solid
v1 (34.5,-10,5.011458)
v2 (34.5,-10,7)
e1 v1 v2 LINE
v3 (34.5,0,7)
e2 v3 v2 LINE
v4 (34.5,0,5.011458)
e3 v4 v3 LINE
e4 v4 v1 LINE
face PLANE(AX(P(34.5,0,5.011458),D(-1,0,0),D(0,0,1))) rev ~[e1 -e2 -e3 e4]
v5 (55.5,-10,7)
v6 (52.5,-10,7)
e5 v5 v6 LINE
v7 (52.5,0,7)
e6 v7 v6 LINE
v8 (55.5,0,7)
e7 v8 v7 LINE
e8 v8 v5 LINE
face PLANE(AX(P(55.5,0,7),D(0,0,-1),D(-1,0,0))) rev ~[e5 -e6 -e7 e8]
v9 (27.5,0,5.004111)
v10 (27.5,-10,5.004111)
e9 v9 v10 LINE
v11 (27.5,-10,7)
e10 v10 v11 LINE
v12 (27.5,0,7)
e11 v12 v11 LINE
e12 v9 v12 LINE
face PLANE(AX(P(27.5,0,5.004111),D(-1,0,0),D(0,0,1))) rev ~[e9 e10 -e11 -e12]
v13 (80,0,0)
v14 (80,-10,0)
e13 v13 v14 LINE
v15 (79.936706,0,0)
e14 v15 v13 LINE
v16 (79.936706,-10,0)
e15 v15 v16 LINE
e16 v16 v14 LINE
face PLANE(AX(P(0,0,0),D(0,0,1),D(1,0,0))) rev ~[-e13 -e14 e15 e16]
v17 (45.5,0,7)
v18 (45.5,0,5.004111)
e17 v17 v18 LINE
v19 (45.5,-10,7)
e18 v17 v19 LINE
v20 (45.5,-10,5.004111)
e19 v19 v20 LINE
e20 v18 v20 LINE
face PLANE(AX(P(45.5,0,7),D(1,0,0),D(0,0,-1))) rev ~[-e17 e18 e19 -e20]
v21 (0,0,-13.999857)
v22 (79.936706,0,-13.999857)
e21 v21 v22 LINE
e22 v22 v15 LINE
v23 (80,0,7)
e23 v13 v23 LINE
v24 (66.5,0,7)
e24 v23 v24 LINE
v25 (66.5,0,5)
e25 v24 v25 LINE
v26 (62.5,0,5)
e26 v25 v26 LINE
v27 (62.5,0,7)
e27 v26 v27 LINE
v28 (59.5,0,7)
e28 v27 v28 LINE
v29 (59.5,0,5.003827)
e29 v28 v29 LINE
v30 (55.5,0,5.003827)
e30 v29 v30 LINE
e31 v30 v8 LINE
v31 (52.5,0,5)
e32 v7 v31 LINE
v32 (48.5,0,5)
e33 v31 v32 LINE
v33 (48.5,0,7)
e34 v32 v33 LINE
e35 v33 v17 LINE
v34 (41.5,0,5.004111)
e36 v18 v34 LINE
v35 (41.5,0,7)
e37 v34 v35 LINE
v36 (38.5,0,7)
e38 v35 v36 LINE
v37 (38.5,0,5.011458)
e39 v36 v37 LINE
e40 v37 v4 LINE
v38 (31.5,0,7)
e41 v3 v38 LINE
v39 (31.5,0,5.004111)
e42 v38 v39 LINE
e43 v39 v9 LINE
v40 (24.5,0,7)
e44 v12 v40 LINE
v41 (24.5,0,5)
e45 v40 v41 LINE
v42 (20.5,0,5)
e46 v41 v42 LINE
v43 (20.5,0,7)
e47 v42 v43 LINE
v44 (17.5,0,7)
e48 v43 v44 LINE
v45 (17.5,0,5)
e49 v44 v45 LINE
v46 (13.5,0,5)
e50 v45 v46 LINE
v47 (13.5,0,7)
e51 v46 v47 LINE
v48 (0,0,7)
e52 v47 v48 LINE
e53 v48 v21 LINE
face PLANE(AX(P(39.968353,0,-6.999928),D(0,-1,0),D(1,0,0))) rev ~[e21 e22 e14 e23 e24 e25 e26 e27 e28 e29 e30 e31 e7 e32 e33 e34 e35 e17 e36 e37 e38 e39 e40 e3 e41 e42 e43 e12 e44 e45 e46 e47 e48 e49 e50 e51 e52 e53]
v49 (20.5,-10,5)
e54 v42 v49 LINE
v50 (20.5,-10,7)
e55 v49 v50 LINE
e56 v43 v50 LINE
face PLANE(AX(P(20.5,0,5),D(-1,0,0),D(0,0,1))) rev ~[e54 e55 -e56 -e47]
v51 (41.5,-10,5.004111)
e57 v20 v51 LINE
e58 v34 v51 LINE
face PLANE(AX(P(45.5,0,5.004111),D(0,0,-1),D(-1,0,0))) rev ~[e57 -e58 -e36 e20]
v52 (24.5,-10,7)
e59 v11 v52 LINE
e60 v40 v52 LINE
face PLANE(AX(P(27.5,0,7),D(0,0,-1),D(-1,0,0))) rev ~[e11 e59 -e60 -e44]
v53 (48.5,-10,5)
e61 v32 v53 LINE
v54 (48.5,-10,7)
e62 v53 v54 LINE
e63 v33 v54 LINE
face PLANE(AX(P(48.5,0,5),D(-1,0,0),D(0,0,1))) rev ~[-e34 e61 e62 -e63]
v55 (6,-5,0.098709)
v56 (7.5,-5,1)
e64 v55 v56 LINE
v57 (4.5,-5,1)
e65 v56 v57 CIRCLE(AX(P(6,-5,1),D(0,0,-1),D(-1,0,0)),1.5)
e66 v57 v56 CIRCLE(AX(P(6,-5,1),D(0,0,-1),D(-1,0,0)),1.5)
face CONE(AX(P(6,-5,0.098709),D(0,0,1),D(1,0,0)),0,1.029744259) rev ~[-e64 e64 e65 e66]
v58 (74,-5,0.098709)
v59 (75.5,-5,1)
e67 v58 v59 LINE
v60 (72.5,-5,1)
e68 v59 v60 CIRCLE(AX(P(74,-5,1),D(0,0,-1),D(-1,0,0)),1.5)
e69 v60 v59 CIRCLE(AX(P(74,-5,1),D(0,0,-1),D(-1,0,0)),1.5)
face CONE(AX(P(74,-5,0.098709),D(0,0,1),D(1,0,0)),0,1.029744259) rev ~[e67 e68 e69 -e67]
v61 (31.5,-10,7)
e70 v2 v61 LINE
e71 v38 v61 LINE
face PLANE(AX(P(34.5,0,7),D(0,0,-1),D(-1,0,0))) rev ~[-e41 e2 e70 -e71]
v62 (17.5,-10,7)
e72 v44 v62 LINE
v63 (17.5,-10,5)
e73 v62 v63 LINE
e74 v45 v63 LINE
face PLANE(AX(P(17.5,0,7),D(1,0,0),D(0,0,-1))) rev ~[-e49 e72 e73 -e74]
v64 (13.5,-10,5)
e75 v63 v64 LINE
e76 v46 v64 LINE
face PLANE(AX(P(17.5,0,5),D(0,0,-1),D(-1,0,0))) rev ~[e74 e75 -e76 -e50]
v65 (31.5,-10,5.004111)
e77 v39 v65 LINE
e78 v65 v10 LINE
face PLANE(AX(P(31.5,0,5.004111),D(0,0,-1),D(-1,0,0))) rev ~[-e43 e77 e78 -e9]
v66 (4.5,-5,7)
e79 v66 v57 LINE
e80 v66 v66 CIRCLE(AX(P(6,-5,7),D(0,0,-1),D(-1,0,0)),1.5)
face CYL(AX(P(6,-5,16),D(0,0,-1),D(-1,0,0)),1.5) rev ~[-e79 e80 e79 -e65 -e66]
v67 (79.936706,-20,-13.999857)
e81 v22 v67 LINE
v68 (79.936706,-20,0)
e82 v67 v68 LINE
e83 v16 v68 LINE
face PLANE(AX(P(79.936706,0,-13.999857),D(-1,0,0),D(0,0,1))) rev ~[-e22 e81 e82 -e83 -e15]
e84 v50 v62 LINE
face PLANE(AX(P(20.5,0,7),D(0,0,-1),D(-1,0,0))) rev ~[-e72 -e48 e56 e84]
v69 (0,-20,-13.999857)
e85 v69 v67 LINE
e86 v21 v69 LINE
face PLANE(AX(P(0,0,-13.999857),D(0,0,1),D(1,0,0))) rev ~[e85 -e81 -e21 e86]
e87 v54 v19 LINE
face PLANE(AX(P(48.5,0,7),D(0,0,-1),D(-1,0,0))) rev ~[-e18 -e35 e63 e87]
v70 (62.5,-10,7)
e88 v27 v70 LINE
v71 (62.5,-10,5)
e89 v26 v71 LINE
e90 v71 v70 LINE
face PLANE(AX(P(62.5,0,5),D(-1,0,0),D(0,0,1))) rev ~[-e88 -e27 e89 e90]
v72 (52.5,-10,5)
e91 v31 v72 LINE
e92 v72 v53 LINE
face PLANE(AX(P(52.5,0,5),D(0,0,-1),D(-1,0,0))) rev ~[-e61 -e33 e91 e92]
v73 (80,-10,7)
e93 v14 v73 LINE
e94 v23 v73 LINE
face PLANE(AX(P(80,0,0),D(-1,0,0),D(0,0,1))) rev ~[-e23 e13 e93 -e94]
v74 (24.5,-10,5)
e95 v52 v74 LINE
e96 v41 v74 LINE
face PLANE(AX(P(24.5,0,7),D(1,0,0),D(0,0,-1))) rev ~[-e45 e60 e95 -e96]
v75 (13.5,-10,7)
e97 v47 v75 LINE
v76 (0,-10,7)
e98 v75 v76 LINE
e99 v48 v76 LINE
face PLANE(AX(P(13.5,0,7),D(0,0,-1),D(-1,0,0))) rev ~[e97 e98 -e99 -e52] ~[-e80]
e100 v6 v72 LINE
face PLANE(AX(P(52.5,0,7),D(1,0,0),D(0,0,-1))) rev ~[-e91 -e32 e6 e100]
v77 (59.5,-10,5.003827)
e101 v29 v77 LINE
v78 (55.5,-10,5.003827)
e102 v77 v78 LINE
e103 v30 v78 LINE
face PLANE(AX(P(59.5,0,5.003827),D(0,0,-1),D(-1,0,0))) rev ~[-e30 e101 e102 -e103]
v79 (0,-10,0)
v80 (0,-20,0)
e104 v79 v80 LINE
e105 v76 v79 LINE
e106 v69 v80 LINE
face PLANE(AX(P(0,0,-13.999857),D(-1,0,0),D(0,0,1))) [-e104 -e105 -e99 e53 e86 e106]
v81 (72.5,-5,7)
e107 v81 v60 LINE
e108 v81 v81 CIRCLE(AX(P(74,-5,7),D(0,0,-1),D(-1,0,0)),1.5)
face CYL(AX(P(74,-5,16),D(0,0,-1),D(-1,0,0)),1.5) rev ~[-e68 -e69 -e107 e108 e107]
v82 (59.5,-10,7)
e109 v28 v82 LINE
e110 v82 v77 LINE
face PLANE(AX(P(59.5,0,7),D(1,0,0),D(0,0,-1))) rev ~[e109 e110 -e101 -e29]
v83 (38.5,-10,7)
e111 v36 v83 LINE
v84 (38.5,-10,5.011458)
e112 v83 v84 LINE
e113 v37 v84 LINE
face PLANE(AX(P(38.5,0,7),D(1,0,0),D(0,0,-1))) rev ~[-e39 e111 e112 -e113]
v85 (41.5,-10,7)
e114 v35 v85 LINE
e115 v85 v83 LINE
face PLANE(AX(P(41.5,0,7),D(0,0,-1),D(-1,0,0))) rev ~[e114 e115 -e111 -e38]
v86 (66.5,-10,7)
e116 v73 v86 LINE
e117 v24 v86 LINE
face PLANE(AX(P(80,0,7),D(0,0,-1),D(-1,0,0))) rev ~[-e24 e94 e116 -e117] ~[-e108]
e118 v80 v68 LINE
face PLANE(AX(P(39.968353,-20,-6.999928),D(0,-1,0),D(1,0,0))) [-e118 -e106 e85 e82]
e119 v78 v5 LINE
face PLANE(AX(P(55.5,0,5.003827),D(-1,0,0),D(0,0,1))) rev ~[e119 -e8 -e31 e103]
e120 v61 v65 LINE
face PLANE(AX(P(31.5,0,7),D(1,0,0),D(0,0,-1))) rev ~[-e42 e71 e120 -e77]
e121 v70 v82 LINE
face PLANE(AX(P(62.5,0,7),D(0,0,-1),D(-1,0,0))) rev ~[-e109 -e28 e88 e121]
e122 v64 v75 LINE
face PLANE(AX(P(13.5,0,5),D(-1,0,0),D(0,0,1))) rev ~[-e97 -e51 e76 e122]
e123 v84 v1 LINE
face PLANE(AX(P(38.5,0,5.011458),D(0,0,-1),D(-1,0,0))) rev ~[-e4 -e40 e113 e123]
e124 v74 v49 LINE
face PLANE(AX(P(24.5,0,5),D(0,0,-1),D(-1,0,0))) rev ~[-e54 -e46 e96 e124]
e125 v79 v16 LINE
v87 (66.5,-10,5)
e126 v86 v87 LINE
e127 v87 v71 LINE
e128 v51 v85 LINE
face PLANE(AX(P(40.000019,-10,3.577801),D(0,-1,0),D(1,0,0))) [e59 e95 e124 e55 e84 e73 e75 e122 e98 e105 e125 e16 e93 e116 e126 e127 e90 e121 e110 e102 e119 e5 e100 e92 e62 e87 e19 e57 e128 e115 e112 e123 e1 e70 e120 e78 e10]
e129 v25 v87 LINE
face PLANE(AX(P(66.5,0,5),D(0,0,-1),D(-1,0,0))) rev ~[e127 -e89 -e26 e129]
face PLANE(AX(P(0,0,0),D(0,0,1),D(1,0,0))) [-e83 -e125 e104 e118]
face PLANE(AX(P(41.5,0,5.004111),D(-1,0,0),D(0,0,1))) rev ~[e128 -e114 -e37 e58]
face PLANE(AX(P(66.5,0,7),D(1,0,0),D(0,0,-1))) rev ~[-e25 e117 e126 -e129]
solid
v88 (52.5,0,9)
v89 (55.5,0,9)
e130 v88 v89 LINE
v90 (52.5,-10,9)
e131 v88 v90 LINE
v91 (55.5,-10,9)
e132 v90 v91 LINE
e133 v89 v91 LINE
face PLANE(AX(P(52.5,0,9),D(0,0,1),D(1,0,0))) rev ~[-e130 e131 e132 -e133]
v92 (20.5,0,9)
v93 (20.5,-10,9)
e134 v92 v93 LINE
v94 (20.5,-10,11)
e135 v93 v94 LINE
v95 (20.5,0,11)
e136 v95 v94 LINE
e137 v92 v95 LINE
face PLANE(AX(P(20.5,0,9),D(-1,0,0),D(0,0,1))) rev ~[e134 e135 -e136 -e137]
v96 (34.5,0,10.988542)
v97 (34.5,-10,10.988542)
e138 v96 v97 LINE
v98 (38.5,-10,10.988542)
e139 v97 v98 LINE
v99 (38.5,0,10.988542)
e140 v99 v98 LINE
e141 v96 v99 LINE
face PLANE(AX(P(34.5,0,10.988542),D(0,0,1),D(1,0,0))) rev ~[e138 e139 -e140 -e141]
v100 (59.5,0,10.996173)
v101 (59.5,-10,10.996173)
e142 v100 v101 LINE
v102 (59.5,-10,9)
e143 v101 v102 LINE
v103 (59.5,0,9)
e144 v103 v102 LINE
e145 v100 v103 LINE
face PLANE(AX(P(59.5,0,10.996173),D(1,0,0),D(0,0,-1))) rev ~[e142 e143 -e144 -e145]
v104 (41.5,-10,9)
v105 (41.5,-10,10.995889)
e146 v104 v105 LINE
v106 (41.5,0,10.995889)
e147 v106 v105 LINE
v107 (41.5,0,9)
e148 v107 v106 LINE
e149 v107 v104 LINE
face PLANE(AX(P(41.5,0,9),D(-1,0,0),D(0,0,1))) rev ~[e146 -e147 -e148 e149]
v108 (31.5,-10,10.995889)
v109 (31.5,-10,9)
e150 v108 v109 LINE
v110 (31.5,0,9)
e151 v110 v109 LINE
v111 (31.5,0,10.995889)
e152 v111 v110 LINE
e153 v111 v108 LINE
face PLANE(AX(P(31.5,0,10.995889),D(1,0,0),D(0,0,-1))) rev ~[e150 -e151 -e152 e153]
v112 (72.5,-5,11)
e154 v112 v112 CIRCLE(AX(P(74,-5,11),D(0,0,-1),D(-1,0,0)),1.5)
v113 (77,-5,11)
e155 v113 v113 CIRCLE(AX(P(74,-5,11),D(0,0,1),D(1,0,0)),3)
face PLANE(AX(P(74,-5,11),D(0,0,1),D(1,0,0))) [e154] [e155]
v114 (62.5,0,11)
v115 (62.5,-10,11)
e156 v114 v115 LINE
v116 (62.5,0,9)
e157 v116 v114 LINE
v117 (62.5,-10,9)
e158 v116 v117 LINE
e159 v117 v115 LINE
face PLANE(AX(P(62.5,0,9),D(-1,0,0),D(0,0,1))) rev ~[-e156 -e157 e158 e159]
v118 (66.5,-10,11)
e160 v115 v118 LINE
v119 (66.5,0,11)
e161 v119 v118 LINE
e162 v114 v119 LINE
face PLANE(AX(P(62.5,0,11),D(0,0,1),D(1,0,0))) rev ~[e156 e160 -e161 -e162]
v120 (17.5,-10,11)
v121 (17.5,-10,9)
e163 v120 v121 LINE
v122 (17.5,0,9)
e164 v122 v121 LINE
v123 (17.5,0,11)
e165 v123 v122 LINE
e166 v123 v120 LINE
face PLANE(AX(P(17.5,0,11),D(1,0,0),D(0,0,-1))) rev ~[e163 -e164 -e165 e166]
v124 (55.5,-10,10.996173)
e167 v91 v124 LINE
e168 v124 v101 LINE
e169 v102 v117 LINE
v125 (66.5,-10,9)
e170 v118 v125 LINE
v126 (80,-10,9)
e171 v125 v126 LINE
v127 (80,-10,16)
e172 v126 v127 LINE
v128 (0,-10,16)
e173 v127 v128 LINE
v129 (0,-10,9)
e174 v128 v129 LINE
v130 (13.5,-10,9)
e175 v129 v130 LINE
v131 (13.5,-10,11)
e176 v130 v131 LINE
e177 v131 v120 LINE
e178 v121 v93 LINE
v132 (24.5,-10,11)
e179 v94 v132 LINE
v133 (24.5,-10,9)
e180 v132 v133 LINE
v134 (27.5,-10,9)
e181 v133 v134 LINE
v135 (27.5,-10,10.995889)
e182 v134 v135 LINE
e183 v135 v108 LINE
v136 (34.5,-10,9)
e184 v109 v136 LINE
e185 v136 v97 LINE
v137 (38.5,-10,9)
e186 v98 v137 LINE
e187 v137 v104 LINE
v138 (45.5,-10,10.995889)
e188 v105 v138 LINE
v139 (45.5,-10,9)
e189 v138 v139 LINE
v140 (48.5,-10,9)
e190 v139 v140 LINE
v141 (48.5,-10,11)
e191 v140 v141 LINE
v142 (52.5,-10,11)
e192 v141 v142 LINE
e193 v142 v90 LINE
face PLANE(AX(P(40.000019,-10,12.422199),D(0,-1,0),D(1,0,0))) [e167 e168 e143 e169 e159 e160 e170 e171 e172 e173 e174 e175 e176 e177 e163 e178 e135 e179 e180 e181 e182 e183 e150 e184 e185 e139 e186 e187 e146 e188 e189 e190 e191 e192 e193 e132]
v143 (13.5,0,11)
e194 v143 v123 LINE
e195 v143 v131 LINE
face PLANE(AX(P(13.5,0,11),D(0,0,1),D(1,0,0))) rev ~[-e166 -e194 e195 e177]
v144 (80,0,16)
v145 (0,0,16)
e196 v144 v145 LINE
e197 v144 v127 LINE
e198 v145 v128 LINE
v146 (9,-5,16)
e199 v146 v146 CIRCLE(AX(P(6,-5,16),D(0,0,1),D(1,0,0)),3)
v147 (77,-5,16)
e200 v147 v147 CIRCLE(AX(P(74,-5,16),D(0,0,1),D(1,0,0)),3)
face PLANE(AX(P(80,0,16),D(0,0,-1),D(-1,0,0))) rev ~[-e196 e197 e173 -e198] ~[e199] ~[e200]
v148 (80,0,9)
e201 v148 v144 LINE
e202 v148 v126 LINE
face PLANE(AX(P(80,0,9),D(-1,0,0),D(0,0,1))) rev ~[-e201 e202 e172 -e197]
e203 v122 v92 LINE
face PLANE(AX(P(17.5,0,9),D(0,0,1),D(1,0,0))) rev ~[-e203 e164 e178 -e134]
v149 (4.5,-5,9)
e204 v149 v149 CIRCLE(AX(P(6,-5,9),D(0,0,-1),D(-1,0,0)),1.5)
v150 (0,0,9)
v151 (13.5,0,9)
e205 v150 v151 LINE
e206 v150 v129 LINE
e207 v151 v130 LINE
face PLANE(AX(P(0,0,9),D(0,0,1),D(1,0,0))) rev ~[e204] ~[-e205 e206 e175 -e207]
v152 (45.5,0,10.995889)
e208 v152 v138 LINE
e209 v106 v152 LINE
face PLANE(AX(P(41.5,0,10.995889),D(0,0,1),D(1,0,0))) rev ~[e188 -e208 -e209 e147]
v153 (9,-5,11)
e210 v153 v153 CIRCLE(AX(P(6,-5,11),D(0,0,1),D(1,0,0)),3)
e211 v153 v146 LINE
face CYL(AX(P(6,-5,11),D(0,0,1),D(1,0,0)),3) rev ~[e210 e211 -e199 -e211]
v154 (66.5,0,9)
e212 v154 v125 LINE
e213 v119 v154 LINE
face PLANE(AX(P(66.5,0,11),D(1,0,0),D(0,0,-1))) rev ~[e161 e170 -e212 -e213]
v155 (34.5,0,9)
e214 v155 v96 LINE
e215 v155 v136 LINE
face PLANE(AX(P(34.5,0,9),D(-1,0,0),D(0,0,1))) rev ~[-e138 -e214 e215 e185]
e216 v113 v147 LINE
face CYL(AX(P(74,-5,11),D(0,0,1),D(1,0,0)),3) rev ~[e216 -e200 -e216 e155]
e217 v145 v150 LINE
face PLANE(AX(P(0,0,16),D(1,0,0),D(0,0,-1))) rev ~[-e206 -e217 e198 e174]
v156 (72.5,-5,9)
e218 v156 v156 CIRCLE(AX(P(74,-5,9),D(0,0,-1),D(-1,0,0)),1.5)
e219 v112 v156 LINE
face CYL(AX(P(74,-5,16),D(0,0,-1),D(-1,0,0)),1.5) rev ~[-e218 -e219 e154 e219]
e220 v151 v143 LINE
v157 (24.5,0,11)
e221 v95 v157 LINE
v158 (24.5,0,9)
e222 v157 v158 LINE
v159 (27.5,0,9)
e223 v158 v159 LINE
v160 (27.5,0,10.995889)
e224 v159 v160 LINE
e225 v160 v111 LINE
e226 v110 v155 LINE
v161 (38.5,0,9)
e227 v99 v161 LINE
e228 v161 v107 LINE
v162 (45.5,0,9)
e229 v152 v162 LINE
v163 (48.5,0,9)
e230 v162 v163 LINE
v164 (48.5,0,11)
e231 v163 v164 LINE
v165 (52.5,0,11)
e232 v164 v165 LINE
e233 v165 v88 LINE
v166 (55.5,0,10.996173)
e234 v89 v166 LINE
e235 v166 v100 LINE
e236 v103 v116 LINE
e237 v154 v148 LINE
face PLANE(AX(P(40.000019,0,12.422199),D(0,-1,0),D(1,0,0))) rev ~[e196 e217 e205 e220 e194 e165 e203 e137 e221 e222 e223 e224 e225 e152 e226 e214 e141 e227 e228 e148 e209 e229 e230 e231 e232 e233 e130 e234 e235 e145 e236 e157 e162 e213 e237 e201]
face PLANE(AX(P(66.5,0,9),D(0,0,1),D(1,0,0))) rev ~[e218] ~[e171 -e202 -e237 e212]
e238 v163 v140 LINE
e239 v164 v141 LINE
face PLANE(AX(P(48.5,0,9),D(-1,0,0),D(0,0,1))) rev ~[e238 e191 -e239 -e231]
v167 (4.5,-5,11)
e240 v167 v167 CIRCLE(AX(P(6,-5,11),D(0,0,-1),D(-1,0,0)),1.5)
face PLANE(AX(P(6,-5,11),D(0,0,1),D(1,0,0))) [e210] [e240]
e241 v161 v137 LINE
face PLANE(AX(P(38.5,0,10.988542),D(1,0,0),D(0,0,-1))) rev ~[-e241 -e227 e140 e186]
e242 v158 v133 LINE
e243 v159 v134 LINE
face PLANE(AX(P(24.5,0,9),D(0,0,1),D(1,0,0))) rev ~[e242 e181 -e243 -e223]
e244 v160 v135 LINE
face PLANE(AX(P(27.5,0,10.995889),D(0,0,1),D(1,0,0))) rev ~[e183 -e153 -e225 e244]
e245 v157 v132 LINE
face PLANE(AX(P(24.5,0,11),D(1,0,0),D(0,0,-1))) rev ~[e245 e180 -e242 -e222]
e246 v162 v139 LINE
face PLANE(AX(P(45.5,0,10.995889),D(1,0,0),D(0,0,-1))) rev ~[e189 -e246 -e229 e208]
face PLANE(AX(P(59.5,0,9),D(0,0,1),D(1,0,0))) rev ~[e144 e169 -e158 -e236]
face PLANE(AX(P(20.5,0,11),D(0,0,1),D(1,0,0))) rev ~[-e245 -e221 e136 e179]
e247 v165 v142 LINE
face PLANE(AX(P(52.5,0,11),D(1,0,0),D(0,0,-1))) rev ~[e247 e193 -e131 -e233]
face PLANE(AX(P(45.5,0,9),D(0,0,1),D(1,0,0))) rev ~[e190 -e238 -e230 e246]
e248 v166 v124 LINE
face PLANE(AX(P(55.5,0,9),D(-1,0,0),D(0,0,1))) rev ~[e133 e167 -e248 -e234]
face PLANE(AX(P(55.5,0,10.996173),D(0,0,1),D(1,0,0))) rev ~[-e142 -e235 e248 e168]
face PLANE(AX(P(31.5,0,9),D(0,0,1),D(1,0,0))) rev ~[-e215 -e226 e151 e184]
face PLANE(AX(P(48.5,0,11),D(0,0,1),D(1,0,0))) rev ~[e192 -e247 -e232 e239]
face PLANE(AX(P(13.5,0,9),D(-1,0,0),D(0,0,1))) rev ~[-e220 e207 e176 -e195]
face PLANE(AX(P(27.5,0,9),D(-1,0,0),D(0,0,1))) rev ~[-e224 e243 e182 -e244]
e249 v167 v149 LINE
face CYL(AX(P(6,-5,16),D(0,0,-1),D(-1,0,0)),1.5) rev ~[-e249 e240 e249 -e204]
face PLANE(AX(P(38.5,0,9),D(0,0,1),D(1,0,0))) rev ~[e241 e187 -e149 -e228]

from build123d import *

# Parameters (mm, degrees)
F1_DEPTH         = 10
F3_D             = 3
F3_DEPTH         = 15
F3_CBORE_D       = 6
F3_CBORE_DEPTH   = 5
F3_TIP           = 0.9012909285
F3_2_D           = 3
F3_2_DEPTH       = 15
F3_2_CBORE_D     = 6
F3_2_CBORE_DEPTH = 5
F3_2_TIP         = 0.9012909285
F0_W             = 79.936705776
F0_H             = 13.9998569222
F4_DEPTH         = 20


with BuildPart() as f1:
    # F0 (on Front) → F1 (new body)
    with BuildSketch(Plane.XZ):
        Polygon((0, 9), (13.5, 9), (13.5, 11), (17.5, 11), (17.5, 9), (20.5, 9), (20.5, 11), (24.5, 11), (24.5, 9), (27.5, 9), (27.5, 10.9958891446), (31.5, 10.9958891446), (31.5, 9), (34.5, 9), (34.5, 10.9885419408), (38.5, 10.9885419408), (38.5, 9), (41.5, 9), (41.5, 10.9958891446), (45.5, 10.9958891446), (45.5, 9), (48.5, 9), (48.5, 11), (52.5, 11), (52.5, 9), (55.5, 9), (55.5, 10.9961733073), (59.5, 10.9961733073), (59.5, 9), (62.5, 9), (62.5, 11), (66.5, 11), (66.5, 9), (80, 9), (80, 16), (0, 16), align=None)
    extrude(amount=F1_DEPTH)

    # F3
    with Locations(Plane.XY.offset(16)):
        with Locations((6, -5), (74, -5)):
            CounterBoreHole(F3_D / 2, F3_CBORE_D / 2, F3_CBORE_DEPTH, depth=F3_DEPTH)
            with Locations((0, 0, -(F3_DEPTH + F3_TIP / 2))):  # 118° drill point
                Cone(0, F3_D / 2, F3_TIP, mode=Mode.SUBTRACT)


with BuildPart() as f1b:
    # F0 (on Front) → F1, piece 2 (new body)
    with BuildSketch(Plane.XZ):
        Polygon((0, 7), (0, 0), (79.936705776, 0), (80, 0), (80, 7), (66.5, 7), (66.5, 5), (62.5, 5), (62.5, 7), (59.5, 7), (59.5, 5.0038266927), (55.5, 5.0038266927), (55.5, 7), (52.5, 7), (52.5, 5), (48.5, 5), (48.5, 7), (45.5, 7), (45.5, 5.0041108554), (41.5, 5.0041108554), (41.5, 7), (38.5, 7), (38.5, 5.0114580592), (34.5, 5.0114580592), (34.5, 7), (31.5, 7), (31.5, 5.0041108554), (27.5, 5.0041108554), (27.5, 7), (24.5, 7), (24.5, 5), (20.5, 5), (20.5, 7), (17.5, 7), (17.5, 5), (13.5, 5), (13.5, 7), align=None)
    extrude(amount=F1_DEPTH)

    # F3#2
    with Locations(Plane.XY.offset(16)):
        with Locations((6, -5), (74, -5)):
            CounterBoreHole(F3_2_D / 2, F3_2_CBORE_D / 2, F3_2_CBORE_DEPTH, depth=F3_2_DEPTH)
            with Locations((0, 0, -(F3_2_DEPTH + F3_2_TIP / 2))):  # 118° drill point
                Cone(0, F3_2_D / 2, F3_2_TIP, mode=Mode.SUBTRACT)

    # F0 (on Front) → F4 (join)
    with BuildSketch(Plane.XZ):
        with Locations((39.968352888, -6.9999284611)):
            Rectangle(F0_W, F0_H)
    extrude(amount=F4_DEPTH)


solid = Compound([f1.part, f1b.part])
